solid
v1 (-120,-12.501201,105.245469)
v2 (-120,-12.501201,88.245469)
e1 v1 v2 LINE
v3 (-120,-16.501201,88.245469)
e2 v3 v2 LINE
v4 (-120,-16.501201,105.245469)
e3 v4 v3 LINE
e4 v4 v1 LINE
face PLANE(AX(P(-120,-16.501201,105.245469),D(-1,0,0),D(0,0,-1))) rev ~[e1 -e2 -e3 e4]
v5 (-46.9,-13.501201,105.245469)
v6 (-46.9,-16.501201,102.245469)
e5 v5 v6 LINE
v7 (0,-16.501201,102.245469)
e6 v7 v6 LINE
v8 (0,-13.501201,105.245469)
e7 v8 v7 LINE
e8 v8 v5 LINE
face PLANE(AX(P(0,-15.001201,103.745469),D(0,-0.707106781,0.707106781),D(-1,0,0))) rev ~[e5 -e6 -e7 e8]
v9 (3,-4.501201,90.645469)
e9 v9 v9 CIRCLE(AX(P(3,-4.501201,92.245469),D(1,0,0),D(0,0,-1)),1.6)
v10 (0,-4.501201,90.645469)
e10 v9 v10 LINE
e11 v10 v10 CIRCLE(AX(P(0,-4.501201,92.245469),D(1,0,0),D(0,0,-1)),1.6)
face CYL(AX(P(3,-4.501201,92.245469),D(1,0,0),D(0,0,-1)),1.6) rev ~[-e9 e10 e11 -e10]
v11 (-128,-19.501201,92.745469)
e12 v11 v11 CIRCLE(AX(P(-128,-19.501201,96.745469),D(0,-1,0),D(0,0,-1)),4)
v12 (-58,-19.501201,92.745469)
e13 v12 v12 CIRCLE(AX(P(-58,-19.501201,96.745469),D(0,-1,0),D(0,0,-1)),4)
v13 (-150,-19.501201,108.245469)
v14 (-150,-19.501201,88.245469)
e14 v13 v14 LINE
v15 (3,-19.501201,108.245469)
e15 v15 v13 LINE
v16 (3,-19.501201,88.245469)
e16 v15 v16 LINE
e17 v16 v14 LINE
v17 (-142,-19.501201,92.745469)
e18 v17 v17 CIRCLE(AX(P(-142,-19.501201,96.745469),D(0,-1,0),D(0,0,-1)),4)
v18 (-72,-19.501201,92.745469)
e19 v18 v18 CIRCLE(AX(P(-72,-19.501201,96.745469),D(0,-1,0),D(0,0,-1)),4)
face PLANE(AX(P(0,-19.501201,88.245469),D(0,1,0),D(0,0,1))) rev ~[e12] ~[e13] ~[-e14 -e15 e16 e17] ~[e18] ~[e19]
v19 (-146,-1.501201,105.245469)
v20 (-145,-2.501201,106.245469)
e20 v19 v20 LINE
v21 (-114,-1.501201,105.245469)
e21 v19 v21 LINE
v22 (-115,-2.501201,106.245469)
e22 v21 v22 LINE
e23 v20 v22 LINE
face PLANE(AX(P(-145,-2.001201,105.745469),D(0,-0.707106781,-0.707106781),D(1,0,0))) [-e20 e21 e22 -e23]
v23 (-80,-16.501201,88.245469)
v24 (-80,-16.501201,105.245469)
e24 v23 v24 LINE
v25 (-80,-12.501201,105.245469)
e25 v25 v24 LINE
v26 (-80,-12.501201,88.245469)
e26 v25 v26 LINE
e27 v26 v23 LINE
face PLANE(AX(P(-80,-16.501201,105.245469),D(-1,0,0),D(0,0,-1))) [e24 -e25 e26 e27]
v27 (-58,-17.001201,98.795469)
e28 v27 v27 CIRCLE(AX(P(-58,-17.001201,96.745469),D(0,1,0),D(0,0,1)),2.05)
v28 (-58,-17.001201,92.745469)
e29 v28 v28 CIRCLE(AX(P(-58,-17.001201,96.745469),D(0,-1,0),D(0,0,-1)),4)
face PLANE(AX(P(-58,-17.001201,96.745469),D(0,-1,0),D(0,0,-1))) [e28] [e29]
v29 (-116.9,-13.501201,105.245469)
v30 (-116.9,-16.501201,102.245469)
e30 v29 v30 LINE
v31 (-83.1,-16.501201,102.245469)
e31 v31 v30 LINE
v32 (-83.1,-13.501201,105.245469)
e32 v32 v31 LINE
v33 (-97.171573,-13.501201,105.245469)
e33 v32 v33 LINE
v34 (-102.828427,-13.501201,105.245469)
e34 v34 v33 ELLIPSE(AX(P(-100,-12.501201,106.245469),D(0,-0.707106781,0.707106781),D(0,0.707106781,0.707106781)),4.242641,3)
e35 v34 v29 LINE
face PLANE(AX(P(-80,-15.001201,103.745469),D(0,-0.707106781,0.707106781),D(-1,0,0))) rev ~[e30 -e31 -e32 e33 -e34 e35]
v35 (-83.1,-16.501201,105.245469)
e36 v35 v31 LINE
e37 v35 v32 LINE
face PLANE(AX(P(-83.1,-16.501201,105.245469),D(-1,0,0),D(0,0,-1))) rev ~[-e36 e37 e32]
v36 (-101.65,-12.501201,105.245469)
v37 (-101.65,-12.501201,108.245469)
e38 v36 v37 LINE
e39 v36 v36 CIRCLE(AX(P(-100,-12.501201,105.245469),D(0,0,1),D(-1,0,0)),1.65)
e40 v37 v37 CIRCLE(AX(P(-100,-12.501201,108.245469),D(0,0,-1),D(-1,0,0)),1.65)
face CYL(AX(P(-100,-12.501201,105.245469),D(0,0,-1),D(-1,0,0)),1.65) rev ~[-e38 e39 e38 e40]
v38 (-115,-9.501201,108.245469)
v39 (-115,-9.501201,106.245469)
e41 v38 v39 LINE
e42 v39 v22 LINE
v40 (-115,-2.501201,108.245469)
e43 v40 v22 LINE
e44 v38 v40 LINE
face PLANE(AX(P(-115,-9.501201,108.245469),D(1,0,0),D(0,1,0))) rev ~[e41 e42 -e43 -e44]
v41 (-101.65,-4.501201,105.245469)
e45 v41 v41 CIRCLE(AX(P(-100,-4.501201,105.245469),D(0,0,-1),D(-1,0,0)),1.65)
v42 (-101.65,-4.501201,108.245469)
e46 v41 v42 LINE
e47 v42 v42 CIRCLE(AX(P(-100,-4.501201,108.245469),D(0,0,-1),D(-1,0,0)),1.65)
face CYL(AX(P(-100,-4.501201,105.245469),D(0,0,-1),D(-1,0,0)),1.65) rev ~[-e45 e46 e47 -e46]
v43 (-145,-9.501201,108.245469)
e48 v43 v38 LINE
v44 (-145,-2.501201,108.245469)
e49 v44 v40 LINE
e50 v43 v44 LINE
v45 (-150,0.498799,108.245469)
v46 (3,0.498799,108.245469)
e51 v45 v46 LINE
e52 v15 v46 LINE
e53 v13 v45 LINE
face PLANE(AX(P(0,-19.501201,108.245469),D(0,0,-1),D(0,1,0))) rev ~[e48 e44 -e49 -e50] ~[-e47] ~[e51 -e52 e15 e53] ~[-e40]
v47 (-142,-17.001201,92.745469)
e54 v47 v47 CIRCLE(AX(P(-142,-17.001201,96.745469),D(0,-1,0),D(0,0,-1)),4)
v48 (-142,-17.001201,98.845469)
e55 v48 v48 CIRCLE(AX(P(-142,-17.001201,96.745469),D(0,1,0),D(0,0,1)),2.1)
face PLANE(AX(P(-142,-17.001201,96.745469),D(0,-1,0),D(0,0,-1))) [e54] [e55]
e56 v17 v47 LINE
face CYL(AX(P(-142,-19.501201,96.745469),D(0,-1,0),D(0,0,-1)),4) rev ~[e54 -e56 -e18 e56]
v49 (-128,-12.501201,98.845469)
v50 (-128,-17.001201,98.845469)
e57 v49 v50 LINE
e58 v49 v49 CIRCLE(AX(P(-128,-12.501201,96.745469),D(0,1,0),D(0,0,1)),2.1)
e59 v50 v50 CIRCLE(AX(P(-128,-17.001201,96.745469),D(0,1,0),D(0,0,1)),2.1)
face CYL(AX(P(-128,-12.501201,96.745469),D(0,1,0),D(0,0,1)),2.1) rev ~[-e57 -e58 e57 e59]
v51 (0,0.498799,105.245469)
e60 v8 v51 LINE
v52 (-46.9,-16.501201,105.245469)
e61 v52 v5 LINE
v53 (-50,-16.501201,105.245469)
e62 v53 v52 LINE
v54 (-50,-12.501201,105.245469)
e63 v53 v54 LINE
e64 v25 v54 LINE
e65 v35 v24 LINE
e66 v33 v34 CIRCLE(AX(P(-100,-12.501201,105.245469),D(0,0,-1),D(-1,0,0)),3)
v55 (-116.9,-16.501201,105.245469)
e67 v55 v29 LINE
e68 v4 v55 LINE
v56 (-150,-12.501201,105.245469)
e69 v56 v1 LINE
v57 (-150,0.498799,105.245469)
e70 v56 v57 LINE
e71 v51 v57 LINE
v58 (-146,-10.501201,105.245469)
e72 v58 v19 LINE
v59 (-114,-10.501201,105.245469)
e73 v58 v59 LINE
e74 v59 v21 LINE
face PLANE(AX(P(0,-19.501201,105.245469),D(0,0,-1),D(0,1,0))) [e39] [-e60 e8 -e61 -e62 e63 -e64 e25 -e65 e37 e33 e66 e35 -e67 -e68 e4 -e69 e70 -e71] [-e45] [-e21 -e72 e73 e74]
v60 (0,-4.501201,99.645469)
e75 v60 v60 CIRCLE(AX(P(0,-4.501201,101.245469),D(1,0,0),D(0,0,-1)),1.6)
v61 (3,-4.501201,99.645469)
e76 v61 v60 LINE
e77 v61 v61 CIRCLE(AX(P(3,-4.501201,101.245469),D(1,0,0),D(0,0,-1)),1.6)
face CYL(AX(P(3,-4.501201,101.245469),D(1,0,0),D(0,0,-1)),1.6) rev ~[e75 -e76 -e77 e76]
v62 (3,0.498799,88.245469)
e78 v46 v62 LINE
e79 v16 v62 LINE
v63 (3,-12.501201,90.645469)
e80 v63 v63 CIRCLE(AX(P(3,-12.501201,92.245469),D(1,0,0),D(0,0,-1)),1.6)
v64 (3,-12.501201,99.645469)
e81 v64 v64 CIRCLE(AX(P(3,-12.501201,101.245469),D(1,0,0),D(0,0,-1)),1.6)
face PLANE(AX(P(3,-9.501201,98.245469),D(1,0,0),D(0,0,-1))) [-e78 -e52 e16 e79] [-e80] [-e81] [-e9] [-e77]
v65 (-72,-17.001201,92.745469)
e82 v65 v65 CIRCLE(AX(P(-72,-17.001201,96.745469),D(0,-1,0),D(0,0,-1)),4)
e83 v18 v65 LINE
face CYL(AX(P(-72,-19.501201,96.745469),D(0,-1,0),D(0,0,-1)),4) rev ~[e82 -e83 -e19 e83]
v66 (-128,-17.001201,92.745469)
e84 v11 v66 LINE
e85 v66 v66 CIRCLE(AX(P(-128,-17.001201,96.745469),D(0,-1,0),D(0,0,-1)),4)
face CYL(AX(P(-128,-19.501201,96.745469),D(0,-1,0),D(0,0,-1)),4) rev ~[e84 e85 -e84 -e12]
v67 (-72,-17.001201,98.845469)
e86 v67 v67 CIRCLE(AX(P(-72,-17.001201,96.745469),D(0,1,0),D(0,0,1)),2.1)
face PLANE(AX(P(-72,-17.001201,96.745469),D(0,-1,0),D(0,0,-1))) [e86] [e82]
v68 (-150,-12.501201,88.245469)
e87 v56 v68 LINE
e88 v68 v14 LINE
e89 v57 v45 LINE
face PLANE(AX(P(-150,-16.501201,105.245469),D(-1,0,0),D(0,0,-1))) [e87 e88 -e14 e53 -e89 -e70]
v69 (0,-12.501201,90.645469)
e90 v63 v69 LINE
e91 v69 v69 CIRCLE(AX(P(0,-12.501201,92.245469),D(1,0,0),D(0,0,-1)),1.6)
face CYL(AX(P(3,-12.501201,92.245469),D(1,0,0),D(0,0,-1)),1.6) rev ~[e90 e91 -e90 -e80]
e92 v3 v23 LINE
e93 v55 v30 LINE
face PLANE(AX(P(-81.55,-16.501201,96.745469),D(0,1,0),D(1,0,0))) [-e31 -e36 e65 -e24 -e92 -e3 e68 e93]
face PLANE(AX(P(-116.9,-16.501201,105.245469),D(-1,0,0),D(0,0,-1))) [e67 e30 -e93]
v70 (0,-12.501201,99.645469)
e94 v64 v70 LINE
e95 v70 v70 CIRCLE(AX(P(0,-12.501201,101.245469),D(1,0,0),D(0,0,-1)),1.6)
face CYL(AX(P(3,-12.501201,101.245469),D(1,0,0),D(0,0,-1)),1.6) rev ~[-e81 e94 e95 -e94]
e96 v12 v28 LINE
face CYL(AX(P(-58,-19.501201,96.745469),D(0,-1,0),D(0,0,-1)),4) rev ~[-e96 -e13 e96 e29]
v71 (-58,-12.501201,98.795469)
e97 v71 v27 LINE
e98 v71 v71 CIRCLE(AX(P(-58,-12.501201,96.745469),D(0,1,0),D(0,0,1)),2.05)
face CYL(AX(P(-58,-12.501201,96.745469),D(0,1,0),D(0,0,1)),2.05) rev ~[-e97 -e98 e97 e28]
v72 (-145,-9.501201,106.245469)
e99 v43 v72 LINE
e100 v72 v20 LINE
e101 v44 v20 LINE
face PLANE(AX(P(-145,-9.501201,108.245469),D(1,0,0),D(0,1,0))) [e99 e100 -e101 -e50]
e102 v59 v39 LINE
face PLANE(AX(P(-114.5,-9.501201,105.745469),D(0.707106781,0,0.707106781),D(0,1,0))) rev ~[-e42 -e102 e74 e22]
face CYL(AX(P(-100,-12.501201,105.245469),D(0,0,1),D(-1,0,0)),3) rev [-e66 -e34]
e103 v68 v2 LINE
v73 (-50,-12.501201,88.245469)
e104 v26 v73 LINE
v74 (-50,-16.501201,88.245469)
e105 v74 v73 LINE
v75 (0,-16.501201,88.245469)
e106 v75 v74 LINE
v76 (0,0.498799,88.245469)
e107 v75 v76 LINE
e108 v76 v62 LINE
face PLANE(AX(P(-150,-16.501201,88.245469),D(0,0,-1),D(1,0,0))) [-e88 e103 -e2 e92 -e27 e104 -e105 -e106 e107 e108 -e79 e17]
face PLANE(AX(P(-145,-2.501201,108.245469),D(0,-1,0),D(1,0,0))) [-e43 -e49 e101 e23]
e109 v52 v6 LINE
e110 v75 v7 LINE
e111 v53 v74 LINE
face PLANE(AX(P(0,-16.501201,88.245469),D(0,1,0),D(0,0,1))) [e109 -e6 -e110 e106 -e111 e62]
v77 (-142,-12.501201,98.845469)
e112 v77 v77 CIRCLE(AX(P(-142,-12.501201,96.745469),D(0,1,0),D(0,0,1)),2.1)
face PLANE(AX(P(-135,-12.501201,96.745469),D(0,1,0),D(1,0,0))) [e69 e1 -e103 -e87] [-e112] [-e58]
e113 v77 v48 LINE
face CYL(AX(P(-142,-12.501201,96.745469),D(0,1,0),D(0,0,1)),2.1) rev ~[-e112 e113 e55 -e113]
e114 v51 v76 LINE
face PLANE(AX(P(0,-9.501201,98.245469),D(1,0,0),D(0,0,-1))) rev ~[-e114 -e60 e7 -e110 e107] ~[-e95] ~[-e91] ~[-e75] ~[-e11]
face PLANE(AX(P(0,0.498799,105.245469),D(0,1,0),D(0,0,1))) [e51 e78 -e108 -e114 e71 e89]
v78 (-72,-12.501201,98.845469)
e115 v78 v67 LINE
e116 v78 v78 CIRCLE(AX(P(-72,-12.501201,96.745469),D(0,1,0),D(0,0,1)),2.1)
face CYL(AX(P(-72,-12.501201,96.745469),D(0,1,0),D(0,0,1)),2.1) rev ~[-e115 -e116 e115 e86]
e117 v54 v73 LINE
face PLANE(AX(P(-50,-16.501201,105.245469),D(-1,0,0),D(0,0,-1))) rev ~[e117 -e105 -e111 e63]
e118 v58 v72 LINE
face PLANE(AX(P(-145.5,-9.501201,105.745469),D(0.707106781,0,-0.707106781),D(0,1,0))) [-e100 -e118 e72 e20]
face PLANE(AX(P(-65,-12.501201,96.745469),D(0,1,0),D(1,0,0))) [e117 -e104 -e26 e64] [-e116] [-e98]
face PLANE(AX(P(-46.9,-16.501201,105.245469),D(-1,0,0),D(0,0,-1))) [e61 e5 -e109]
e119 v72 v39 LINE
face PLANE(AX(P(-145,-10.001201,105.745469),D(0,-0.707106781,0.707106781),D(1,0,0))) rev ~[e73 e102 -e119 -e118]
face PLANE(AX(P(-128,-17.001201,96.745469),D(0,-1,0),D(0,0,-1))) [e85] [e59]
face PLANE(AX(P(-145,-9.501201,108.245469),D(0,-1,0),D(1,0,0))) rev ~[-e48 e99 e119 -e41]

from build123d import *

# Parameters (mm, degrees)
SKETCH1_W           = 20
SKETCH1_H           = 20
BOSS_EXTRUDE1_DEPTH = 3
SKETCH2_W           = 3
SKETCH2_H           = 20
BOSS_EXTRUDE2_DEPTH = 150
SKETCH3_W           = 17
SKETCH3_H           = 3
BOSS_EXTRUDE3_DEPTH = 150
SKETCH4_R           = 1.6
CUT_EXTRUDE1_DEPTH  = 3
SKETCH5_W           = 30
SKETCH5_H           = 17
BOSS_EXTRUDE4_DEPTH = 4
SKETCH6_W           = 30
SKETCH6_H           = 17
BOSS_EXTRUDE5_DEPTH = 4
SKETCH9_R           = 2.05
SKETCH9_R_2         = 2.1
CUT_EXTRUDE4_DEPTH  = 186.434844337
SKETCH10_R          = 4
CUT_EXTRUDE5_DEPTH  = 2.5
SKETCH11_W          = 30
SKETCH11_H          = 7
CUT_EXTRUDE6_DEPTH  = 3
CHAMFER2_SIZE       = 1
CHAMFER3_SIZE       = 3
SKETCH12_W          = 3.1
SKETCH12_H          = 17
CUT_EXTRUDE7_DEPTH  = 3
SKETCH13_R          = 1.65
CUT_EXTRUDE8_DEPTH  = 3
SKETCH14_R          = 3
CUT_EXTRUDE9_DEPTH  = 6


with BuildPart() as part:
    # Sketch1 → Boss-Extrude1 (new body)
    with BuildSketch(Plane(origin=(0, 0, 0), x_dir=(0, 0, -1), z_dir=(1, 0, 0))):
        with Locations((-98.245468701, -9.501201475)):
            Rectangle(SKETCH1_W, SKETCH1_H)
    extrude(amount=BOSS_EXTRUDE1_DEPTH)

    # Sketch2 → Boss-Extrude2 (add)
    with BuildSketch(Plane.ZY):
        with Locations((106.745468701, -9.501201475)):
            Rectangle(SKETCH2_W, SKETCH2_H)
    extrude(amount=BOSS_EXTRUDE2_DEPTH)

    # Sketch3 → Boss-Extrude3 (add)
    with BuildSketch(Plane.ZY):
        with Locations((96.745468701, -18.001201475)):
            Rectangle(SKETCH3_W, SKETCH3_H)
    extrude(amount=BOSS_EXTRUDE3_DEPTH)

    # Sketch4 → Cut-Extrude1 (cut)
    with BuildSketch(Plane(origin=(3, 0, 0), x_dir=(0, 0, -1), z_dir=(1, 0, 0))):
        with Locations((-101.245468701, -4.501201475)):
            Circle(SKETCH4_R)
        with Locations((-92.245468701, -4.501201475)):
            Circle(SKETCH4_R)
        with Locations((-92.245468701, -12.501201475)):
            Circle(SKETCH4_R)
        with Locations((-101.245468701, -12.501201475)):
            Circle(SKETCH4_R)
    extrude(amount=-CUT_EXTRUDE1_DEPTH, mode=Mode.SUBTRACT)

    # Sketch5 → Boss-Extrude4 (add)
    with BuildSketch(Plane(origin=(0, -16.501201475, 0), x_dir=(1, 0, 0), z_dir=(0, 1, 0))):
        with Locations((-135, -96.745468701)):
            Rectangle(SKETCH5_W, SKETCH5_H)
    extrude(amount=BOSS_EXTRUDE4_DEPTH)

    # Sketch6 → Boss-Extrude5 (add)
    with BuildSketch(Plane(origin=(0, -16.501201475, 0), x_dir=(1, 0, 0), z_dir=(0, 1, 0))):
        with Locations((-65, -96.745468701)):
            Rectangle(SKETCH6_W, SKETCH6_H)
    extrude(amount=BOSS_EXTRUDE5_DEPTH)

    # Sketch9 → Cut-Extrude4 (cut, through all)
    with BuildSketch(Plane(origin=(0, -12.501201475, 0), x_dir=(1, 0, 0), z_dir=(0, 1, 0))):
        with Locations(Location((-58, -96.745468701, 0), (0, 0, 270))):
            Circle(SKETCH9_R)
        with Locations(Location((-72, -96.745468701, 0), (0, 0, 270))):
            Circle(SKETCH9_R_2)
        with Locations(Location((-128, -96.745468701, 0), (0, 0, 270))):
            Circle(SKETCH9_R_2)
        with Locations(Location((-142, -96.745468701, 0), (0, 0, 270))):
            Circle(SKETCH9_R_2)
    extrude(amount=-CUT_EXTRUDE4_DEPTH, mode=Mode.SUBTRACT)

    # Sketch10 → Cut-Extrude5 (cut)
    with BuildSketch(Plane.XZ.offset(19.501201475)):
        with Locations(Location((-142, 96.745468701, 0), (0, 0, 270))):
            Circle(SKETCH10_R)
        with Locations(Location((-128, 96.745468701, 0), (0, 0, 270))):
            Circle(SKETCH10_R)
        with Locations(Location((-72, 96.745468701, 0), (0, 0, 270))):
            Circle(SKETCH10_R)
        with Locations(Location((-58, 96.745468701, 0), (0, 0, 270))):
            Circle(SKETCH10_R)
    extrude(amount=-CUT_EXTRUDE5_DEPTH, mode=Mode.SUBTRACT)

    # Sketch11 → Cut-Extrude6 (cut)
    with BuildSketch(Plane.XY.offset(108.245468701)):
        with Locations((-130, -6.001201475)):
            Rectangle(SKETCH11_W, SKETCH11_H)
    extrude(amount=-CUT_EXTRUDE6_DEPTH, mode=Mode.SUBTRACT)

    # Chamfer2
    chamfer2_edges = [part.edges().sort_by_distance(p)[0] for p in [
        (-145, -6.001201475, 105.245468701),
        (-130, -2.501201475, 105.245468701),
        (-115, -6.001201475, 105.245468701),
        (-130, -9.501201475, 105.245468701),
    ]]
    chamfer(chamfer2_edges, length=CHAMFER2_SIZE)

    # Chamfer3
    chamfer3_edges = [part.edges().sort_by_distance(p)[0] for p in [
        (-100, -16.501201475, 105.245468701),
        (-25, -16.501201475, 105.245468701),
    ]]
    chamfer(chamfer3_edges, length=CHAMFER3_SIZE)

    # Sketch12 → Cut-Extrude7 (cut)
    with BuildSketch(Plane(origin=(0, -16.501201475, 0), x_dir=(1, 0, 0), z_dir=(0, 1, 0))):
        with Locations((-118.45, -96.745468701)):
            Rectangle(SKETCH12_W, SKETCH12_H)
        with Locations((-81.55, -96.745468701)):
            Rectangle(SKETCH12_W, SKETCH12_H)
        with Locations((-48.45, -96.745468701)):
            Rectangle(SKETCH12_W, SKETCH12_H)
    extrude(amount=CUT_EXTRUDE7_DEPTH, mode=Mode.SUBTRACT)

    # Sketch13 → Cut-Extrude8 (cut)
    with BuildSketch(Plane(origin=(0, 0, 105.245468701), x_dir=(-1, 0, 0), z_dir=(0, 0, -1))):
        with Locations((100, -4.501201475)):
            Circle(SKETCH13_R)
        with Locations((100, -12.501201475)):
            Circle(SKETCH13_R)
    extrude(amount=-CUT_EXTRUDE8_DEPTH, mode=Mode.SUBTRACT)

    # Sketch14 → Cut-Extrude9 (cut)
    with BuildSketch(Plane(origin=(0, 0, 105.245468701), x_dir=(-1, 0, 0), z_dir=(0, 0, -1))):
        with Locations((100, -12.501201475)):
            Circle(SKETCH14_R)
    extrude(amount=CUT_EXTRUDE9_DEPTH, mode=Mode.SUBTRACT)


solid = part.part
